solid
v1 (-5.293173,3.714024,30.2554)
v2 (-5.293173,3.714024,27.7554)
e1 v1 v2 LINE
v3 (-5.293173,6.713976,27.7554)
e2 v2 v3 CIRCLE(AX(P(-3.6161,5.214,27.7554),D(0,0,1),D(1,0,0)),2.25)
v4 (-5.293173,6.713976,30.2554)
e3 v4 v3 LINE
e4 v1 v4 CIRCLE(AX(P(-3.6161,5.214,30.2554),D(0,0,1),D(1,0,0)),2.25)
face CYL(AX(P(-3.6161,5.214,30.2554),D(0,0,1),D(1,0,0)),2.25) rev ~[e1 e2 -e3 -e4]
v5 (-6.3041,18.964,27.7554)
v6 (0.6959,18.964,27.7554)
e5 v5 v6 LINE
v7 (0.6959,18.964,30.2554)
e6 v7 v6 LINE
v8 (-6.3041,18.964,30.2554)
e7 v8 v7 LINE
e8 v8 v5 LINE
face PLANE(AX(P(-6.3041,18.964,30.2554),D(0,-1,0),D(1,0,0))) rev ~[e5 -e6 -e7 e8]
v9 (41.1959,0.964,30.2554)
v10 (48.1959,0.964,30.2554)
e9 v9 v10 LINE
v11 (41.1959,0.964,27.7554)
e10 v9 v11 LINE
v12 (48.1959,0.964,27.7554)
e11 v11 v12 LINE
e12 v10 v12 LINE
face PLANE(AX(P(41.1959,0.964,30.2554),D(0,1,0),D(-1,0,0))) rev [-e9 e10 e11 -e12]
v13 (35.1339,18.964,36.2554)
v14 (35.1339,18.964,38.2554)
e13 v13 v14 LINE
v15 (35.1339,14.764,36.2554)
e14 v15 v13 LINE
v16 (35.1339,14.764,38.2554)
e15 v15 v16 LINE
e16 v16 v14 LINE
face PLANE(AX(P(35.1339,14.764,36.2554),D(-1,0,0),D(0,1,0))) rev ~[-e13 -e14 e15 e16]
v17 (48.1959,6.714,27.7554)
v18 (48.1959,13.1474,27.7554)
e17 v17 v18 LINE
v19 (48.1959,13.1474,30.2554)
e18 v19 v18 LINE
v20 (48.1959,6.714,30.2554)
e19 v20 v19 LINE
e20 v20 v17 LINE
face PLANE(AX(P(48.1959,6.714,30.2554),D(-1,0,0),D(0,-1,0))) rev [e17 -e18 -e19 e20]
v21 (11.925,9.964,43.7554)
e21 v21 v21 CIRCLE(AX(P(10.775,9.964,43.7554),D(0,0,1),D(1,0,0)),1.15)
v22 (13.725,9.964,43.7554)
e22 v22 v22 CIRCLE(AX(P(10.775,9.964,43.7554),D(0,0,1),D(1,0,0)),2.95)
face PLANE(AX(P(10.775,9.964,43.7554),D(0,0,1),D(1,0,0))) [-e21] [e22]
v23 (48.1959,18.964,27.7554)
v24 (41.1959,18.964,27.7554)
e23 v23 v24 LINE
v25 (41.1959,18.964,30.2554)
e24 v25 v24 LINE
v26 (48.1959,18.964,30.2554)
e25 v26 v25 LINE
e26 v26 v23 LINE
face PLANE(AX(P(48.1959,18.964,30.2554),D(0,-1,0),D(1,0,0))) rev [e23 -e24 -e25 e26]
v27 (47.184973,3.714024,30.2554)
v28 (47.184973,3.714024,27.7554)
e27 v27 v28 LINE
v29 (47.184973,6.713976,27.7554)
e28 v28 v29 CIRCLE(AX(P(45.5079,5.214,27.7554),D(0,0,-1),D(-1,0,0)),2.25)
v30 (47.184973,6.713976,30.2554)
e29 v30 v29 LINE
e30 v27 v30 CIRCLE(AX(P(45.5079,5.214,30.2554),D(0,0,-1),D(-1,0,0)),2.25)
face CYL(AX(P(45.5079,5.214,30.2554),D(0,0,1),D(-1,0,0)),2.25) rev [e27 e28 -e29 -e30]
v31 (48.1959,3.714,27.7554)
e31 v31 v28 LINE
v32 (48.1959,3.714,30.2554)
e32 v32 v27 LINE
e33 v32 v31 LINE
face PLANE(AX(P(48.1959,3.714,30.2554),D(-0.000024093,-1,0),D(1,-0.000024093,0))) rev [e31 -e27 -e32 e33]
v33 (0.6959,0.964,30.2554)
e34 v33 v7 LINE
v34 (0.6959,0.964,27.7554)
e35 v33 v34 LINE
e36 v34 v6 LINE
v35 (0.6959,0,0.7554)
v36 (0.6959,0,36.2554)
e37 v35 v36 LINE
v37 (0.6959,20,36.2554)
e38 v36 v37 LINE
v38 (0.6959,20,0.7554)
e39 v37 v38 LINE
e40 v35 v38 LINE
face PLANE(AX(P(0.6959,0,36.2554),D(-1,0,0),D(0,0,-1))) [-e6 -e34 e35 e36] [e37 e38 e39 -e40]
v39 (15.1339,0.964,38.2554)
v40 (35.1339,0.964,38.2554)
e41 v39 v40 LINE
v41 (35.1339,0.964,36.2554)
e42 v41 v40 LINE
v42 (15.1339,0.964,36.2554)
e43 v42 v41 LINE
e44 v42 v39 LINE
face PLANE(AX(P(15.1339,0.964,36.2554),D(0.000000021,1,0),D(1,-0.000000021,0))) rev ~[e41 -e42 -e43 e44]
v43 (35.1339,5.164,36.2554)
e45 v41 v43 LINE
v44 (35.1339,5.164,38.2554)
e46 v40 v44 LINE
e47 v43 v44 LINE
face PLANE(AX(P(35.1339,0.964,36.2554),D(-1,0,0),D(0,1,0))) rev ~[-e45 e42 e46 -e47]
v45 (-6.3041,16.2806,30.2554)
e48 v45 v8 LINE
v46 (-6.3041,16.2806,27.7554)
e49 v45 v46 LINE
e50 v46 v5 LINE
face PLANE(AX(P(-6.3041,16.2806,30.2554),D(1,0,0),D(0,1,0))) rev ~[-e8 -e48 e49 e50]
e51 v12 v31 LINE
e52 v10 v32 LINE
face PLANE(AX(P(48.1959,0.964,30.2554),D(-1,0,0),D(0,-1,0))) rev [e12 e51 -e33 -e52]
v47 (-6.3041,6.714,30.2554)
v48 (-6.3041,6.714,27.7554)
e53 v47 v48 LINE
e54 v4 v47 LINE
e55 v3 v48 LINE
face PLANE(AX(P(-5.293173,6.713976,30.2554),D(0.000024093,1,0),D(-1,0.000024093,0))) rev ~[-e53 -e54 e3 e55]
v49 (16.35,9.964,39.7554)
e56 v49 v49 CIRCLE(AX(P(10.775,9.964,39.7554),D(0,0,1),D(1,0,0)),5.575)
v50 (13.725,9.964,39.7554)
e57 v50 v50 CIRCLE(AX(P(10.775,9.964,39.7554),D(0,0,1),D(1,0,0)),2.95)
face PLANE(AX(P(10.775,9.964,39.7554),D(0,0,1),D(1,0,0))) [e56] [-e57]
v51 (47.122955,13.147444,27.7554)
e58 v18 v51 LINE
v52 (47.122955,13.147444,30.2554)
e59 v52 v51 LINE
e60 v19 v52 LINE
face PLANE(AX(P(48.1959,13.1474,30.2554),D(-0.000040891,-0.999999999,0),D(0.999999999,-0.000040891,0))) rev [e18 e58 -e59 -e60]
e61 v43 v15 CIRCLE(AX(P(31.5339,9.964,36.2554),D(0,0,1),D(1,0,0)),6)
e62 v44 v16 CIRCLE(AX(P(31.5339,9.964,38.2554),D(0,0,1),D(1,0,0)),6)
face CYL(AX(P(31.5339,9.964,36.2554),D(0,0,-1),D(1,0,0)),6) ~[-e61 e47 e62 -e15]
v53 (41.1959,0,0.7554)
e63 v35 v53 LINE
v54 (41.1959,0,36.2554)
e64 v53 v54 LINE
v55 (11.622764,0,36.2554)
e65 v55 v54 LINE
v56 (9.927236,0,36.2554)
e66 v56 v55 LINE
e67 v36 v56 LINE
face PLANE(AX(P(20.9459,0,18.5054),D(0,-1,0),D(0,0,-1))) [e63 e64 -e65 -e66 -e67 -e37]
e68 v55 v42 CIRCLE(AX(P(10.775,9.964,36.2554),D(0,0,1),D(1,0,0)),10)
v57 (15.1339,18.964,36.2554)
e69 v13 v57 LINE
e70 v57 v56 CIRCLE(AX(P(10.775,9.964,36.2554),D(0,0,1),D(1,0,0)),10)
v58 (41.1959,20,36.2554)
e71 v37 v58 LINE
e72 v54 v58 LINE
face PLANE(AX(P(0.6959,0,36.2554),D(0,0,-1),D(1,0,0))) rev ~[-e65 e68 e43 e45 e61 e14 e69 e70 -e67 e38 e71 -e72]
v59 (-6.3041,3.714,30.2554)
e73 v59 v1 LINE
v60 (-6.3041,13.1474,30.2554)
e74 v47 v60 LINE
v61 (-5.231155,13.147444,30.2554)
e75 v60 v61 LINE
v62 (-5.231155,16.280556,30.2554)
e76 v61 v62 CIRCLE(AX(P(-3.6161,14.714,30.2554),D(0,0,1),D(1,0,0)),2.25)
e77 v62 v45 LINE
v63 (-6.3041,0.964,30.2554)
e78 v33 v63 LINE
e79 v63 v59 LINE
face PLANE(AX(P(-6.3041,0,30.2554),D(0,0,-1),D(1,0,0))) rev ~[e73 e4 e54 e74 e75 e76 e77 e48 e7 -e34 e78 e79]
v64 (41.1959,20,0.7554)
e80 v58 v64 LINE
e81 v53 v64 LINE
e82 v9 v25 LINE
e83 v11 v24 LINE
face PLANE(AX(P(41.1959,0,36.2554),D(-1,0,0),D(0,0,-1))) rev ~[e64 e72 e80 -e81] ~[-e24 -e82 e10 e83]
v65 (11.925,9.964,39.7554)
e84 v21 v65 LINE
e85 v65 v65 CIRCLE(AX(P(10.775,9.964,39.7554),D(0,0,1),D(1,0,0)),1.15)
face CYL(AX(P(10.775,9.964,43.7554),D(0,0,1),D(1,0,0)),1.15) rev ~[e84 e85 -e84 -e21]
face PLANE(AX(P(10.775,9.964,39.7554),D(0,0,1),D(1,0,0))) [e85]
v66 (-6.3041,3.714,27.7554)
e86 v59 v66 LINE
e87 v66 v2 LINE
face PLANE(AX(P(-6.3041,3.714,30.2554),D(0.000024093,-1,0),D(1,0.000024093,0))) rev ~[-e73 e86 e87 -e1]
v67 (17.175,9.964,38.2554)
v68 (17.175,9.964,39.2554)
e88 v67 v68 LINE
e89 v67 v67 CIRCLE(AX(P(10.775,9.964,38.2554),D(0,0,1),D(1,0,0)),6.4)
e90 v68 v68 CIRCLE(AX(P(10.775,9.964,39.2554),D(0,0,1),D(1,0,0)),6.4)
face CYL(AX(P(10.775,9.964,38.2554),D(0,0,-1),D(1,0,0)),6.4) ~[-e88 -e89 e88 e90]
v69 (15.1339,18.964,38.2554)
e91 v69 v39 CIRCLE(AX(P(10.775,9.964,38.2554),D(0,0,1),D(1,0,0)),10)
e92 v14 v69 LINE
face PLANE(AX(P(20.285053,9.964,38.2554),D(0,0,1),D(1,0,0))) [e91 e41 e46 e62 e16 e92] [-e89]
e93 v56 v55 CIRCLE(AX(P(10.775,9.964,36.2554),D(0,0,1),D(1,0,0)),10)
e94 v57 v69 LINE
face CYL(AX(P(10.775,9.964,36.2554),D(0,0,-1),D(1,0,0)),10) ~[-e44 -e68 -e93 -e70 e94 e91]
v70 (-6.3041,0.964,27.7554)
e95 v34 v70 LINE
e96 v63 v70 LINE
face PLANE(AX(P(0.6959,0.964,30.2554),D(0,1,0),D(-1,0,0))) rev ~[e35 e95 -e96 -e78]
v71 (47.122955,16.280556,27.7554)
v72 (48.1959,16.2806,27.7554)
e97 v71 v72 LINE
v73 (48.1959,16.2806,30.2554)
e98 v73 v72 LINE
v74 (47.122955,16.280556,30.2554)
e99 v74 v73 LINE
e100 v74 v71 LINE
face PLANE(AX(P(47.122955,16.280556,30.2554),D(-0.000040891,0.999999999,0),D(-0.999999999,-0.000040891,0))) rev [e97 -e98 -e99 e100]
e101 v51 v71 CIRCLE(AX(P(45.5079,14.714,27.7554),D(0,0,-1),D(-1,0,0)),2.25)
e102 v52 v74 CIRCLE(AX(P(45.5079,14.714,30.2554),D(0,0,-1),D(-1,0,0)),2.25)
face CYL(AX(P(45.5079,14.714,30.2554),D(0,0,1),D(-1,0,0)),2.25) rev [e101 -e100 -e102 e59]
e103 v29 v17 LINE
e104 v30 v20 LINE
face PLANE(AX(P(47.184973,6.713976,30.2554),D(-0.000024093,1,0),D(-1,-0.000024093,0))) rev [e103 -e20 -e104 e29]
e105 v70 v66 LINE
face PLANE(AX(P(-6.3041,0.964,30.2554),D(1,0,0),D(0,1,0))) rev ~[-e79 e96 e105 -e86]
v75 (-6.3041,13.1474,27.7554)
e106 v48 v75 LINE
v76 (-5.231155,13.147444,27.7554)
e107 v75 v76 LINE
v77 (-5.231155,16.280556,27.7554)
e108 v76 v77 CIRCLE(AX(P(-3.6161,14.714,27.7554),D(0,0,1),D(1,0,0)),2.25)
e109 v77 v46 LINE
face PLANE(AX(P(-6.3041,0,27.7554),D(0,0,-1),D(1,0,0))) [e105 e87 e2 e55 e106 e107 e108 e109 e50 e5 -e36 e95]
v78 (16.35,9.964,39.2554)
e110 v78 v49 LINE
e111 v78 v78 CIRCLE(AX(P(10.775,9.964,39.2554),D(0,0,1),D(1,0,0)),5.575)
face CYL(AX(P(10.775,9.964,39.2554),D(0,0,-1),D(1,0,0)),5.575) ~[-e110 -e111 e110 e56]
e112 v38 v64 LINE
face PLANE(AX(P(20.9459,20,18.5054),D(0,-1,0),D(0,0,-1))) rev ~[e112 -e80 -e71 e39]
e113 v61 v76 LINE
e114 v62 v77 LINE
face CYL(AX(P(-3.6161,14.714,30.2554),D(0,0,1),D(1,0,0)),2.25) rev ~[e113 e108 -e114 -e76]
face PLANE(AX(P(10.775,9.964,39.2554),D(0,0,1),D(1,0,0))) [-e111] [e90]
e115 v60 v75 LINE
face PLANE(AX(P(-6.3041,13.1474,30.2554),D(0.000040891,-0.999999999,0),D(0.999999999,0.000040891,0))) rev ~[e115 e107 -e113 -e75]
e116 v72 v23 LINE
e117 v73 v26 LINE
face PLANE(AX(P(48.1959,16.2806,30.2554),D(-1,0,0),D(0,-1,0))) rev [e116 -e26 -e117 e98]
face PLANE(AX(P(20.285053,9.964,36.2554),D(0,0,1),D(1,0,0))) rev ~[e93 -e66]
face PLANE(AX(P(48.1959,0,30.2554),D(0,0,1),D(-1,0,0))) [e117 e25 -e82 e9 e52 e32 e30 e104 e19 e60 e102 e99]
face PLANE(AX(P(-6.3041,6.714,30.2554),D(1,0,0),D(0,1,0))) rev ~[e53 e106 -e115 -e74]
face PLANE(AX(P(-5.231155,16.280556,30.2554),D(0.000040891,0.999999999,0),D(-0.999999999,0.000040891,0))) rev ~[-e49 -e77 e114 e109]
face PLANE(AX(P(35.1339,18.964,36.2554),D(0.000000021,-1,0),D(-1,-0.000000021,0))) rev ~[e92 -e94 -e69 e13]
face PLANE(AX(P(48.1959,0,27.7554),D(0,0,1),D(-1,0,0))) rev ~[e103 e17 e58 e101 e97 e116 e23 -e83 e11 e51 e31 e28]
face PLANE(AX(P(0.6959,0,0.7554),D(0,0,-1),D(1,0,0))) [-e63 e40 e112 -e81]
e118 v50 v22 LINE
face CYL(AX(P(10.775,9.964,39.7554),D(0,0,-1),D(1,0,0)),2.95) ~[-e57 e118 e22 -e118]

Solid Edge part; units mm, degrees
sketch "Sketch1" plane through (0, 0, 0) normal (0, -1, 0) x (1, 0, 0)
  line L0 (0.6959, 36.2554) -> (0.6959, 0.7554)
  line L1 (0.6959, 0.7554) -> (41.1959, 0.7554)
  line L2 (41.1959, 36.2554) -> (41.1959, 0.7554)
  line L3 (0.6959, 36.2554) -> (41.1959, 36.2554)
  line L4 (-6.3041, 30.2554) -> (0.6959, 30.2554)
  line L5 (0.6959, 30.2554) -> (0.6959, 27.7554)
  line L6 (-6.3041, 27.7554) -> (0.6959, 27.7554)
  line L7 (-6.3041, 27.7554) -> (-6.3041, 30.2554)
  line L8 (48.1959, 27.7554) -> (41.1959, 27.7554)
  line L9 (41.1959, 30.2554) -> (41.1959, 27.7554)
  line L10 (48.1959, 30.2554) -> (41.1959, 30.2554)
  line L11 (48.1959, 27.7554) -> (48.1959, 30.2554)
extrude "Protrusion1" add sketch "Sketch1" against normal blind 20
sketch "Sketch2" plane through (-2.8041, 10, 30.2554) normal (0, 0, 1) x (1, 0, 0)
  line L0 (-3.5, 8.964) -> (3.5, 8.964)
  line L1 (3.5, 8.964) -> (3.5, 10.8897)
  line L2 (3.5, 10.8897) -> (-4.9405, 10.8897)
  line L3 (-4.9405, 10.8897) -> (-4.7039, -10.9349)
  line L4 (-4.7039, -10.9349) -> (3.5, -10.9349)
  line L5 (3.5, -10.9349) -> (3.5, -9.036)
  line L6 (3.5, -9.036) -> (-3.5, -9.036)
  line L7 (-3.5, -9.036) -> (-3.5, -6.286)
  line L8 (-3.5, -6.286) -> (-2.4891, -6.286)
  arc A0 (-2.4891, -6.286) -> (-2.4891, -3.286) centre (-0.812, -4.786) ccw
  line L9 (-2.4891, -3.286) -> (-3.5, -3.286)
  line L10 (-3.5, -3.286) -> (-3.5, 3.1474)
  line L11 (-3.5, 3.1474) -> (-2.4271, 3.1474)
  arc A1 (-2.4271, 3.1474) -> (-2.4271, 6.2806) centre (-0.812, 4.714) ccw
  line L12 (-2.4271, 6.2806) -> (-3.5, 6.2806)
  line L13 (-3.5, 6.2806) -> (-3.5, 8.964)
extrude "Cutout1" cut sketch "Sketch2" against normal up to vertex (2.5 mm away)
mirror "Mirror1" about plane through (20.9459, 10, 18.5054) normal (-1, 0, 0) of "Cutout1"
sketch "Sketch3" plane through (20.9459, 10, 36.2554) normal (0, 0, 1) x (1, 0, 0)
  arc A0 (-5.812, 8.964) -> (-5.812, -9.036) centre (-10.1709, -0.036) ccw
  line L0 (-5.812, -9.036) -> (14.188, -9.036)
  line L1 (14.188, -9.036) -> (14.188, -4.836)
  arc A1 (14.188, -4.836) -> (14.188, 4.764) centre (10.588, -0.036) ccw
  line L2 (14.188, 4.764) -> (14.188, 8.964)
  line L3 (14.188, 8.964) -> (-5.812, 8.964)
extrude "Protrusion2" add sketch "Sketch3" along normal up to vertex (2 mm away)
sketch "Sketch4" plane through (19.1544, 9.964, 38.2554) normal (0, 0, 1) x (1, 0, 0)
  circle A0 centre (-8.3794, 0) radius 6.4
extrude "Protrusion3" add sketch "Sketch4" along normal up to vertex (1 mm away)
sketch "Sketch5" plane through (10.775, 9.964, 39.2554) normal (0, 0, 1) x (1, 0, 0)
  circle A0 centre (0, 0) radius 5.575
extrude "Protrusion4" add sketch "Sketch5" along normal up to vertex (0.5 mm away)
sketch "Sketch6" plane through (10.775, 9.964, 39.7554) normal (0, 0, 1) x (1, 0, 0)
  circle A0 centre (0, 0) radius 2.95
extrude "Protrusion5" add sketch "Sketch6" along normal up to vertex (4 mm away)
sketch "Sketch7" plane through (10.775, 9.964, 43.7554) normal (0, 0, 1) x (1, 0, 0)
  circle A0 centre (0, 0) radius 1.15
extrude "Cutout3" cut sketch "Sketch7" against normal up to vertex (4 mm away)
